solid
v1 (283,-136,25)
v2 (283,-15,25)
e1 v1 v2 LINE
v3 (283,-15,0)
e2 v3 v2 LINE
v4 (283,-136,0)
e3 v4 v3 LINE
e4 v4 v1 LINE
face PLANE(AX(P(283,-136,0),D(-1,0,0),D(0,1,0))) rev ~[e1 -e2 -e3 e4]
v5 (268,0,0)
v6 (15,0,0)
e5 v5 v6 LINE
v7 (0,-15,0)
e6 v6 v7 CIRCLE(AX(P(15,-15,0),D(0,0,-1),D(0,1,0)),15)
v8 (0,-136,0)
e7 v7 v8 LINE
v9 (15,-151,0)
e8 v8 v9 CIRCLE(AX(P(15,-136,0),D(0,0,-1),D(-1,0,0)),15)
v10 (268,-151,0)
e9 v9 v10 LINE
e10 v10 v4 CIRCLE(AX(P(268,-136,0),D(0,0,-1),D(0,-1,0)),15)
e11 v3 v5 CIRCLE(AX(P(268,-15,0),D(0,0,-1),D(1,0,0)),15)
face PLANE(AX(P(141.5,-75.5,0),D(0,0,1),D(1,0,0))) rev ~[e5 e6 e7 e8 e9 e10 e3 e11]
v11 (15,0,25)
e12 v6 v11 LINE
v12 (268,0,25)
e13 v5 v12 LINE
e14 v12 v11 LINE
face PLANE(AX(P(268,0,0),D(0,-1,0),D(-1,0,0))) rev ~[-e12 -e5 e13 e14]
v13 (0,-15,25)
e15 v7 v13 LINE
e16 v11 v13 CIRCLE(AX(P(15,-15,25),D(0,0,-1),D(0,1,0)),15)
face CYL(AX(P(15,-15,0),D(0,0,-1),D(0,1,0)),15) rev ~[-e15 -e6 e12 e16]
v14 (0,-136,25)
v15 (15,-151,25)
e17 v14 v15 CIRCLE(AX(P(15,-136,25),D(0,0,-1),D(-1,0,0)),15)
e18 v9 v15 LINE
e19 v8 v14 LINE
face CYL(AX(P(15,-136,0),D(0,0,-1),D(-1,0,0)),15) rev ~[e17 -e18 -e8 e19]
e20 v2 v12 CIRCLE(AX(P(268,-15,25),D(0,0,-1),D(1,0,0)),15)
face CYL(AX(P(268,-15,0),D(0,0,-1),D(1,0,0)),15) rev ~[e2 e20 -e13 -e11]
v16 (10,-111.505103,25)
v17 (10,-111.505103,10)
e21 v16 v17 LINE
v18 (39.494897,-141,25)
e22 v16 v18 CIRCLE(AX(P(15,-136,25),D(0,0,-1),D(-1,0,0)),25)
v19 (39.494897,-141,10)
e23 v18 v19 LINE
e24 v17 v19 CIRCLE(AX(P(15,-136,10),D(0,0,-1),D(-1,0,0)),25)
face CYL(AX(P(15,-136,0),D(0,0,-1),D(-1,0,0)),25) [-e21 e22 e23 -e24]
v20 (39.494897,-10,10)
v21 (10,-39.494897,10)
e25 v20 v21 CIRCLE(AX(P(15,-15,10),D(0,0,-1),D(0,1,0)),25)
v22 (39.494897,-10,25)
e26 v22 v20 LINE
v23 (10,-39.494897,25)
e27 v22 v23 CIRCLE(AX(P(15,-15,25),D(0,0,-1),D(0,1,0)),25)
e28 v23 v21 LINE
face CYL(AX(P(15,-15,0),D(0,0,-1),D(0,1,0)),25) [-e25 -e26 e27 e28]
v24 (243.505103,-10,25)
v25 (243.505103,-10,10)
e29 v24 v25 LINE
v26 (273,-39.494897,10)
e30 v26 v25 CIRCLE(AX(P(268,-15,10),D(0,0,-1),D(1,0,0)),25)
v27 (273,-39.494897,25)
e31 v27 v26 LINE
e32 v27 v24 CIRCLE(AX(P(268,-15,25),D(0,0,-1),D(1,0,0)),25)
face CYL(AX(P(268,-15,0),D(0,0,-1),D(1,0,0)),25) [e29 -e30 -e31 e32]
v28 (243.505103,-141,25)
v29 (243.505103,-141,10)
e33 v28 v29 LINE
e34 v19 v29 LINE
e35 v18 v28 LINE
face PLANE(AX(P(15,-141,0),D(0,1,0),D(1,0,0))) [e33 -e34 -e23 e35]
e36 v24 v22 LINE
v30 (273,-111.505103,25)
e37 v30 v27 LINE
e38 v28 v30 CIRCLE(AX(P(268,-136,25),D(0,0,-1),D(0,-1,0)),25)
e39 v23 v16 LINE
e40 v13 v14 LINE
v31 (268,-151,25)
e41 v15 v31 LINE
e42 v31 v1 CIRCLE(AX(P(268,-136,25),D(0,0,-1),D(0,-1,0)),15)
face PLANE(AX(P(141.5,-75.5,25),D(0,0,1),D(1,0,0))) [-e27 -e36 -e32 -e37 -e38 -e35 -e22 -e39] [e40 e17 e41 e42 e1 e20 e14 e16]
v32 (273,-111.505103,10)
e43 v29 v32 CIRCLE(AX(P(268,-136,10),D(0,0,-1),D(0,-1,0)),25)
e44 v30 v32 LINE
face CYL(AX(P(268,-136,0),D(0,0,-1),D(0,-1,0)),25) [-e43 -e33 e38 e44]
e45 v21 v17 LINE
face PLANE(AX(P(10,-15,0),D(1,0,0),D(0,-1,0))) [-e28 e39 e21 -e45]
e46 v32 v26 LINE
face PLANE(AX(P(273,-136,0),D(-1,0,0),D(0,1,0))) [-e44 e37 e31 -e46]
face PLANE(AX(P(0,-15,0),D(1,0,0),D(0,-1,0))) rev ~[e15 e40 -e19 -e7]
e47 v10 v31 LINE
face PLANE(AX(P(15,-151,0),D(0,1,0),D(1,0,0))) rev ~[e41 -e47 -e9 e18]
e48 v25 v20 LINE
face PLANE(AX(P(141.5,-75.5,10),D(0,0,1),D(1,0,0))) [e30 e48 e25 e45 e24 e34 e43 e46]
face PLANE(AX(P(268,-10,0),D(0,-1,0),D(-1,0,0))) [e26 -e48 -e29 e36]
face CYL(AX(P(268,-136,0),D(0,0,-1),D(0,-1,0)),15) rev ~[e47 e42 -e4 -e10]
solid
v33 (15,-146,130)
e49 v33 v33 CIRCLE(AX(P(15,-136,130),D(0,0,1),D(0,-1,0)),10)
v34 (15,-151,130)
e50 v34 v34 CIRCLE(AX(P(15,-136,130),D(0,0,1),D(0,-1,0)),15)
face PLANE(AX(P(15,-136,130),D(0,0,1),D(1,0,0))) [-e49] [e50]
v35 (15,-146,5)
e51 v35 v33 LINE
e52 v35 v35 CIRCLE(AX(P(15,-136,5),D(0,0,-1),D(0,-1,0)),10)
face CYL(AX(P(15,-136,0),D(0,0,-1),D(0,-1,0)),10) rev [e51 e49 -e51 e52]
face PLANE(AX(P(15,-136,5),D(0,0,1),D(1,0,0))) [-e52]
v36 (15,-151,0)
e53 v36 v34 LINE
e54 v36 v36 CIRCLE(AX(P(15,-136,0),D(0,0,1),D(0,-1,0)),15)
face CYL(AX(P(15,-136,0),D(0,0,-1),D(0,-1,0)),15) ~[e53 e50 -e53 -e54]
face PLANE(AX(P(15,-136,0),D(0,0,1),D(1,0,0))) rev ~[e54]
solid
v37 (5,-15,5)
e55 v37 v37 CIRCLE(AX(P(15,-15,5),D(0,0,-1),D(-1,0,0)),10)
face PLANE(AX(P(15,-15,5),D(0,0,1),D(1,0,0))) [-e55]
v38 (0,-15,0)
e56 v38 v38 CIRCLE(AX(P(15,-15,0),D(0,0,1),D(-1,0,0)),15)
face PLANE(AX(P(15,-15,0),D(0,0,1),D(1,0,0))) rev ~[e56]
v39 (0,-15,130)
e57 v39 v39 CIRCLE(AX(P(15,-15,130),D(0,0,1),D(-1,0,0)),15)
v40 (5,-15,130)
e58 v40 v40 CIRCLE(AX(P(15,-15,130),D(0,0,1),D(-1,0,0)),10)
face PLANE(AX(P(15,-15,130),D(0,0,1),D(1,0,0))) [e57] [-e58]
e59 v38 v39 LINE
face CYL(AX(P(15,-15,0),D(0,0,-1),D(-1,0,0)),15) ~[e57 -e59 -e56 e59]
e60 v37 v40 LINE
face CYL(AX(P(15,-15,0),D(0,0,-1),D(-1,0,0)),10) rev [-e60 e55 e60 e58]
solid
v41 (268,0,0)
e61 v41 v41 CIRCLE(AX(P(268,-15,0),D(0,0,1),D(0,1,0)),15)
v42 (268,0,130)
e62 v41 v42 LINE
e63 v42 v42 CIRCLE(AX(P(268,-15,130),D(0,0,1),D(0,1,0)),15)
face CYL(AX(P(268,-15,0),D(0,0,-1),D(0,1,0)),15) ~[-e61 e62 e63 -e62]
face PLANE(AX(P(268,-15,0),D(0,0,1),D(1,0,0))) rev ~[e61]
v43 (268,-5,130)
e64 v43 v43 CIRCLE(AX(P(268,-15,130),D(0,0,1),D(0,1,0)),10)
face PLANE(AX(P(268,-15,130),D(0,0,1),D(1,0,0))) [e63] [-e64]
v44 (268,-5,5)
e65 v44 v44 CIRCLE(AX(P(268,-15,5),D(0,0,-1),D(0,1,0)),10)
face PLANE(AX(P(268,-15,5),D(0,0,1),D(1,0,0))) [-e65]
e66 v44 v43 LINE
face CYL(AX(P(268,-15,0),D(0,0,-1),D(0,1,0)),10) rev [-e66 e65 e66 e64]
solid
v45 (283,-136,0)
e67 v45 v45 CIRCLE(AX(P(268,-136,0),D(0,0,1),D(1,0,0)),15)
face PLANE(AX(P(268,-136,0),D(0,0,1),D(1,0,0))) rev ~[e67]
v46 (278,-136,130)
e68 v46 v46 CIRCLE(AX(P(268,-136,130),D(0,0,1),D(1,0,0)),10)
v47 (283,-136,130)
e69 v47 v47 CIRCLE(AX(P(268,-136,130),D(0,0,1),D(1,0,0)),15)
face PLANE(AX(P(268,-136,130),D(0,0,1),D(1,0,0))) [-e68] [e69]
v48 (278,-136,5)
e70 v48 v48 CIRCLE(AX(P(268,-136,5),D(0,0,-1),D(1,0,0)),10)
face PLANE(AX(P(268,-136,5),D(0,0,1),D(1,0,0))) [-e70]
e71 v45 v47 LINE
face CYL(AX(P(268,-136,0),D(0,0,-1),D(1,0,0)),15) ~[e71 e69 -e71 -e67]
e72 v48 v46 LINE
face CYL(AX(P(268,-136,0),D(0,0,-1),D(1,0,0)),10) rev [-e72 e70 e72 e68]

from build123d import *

# Parameters (mm, degrees)
F1_DEPTH = 25
F2_DEPTH = 130
F3_T     = -10
F4_T     = -5
F4_2_T   = -5
F4_3_T   = -5
F4_4_T   = -5


with BuildPart() as f1:
    # F0 (on Top) → F1 (new body)
    with BuildSketch(Plane.XY):
        with BuildLine():
            Line((268, 0), (15, 0))
            ThreePointArc((15, 0), (25.6066017178, -4.3933982822), (30, -15))
            ThreePointArc((30, -15), (15, -30), (0, -15))
            Line((0, -15), (0, -136))
            ThreePointArc((0, -136), (15, -121), (30, -136))
            ThreePointArc((30, -136), (25.6066017178, -146.6066017178), (15, -151))
            Line((15, -151), (268, -151))
            ThreePointArc((268, -151), (257.3933982822, -125.3933982822), (283, -136))
            Line((283, -136), (283, -15))
            ThreePointArc((283, -15), (257.3933982822, -25.6066017178), (268, 0))
        make_face()
    extrude(amount=F1_DEPTH)

    # F3
    f3_openings = [f1.faces().sort_by_distance(p)[0] for p in [
        (141.5, -75.5, 25),
    ]]
    offset(amount=F3_T, openings=f3_openings)


with BuildPart() as f2:
    # F0 (on Top) → F2 (new body)
    with BuildSketch(Plane.XY):
        with BuildLine():
            ThreePointArc((30, -15), (25.6066017178, -4.3933982822), (15, 0))
            ThreePointArc((15, 0), (4.3933982822, -4.3933982822), (0, -15))
            ThreePointArc((0, -15), (15, -30), (30, -15))
        make_face()
    extrude(amount=F2_DEPTH)

    # F4
    f4_openings = [f2.faces().sort_by_distance(p)[0] for p in [
        (15, -15, 130),
    ]]
    offset(amount=F4_T, openings=f4_openings)


with BuildPart() as f2b:
    # F0 (on Top) → F2, piece 2 (new body)
    with BuildSketch(Plane.XY):
        with BuildLine():
            ThreePointArc((30, -136), (15, -121), (0, -136))
            ThreePointArc((0, -136), (4.3933982822, -146.6066017178), (15, -151))
            ThreePointArc((15, -151), (25.6066017178, -146.6066017178), (30, -136))
        make_face()
    extrude(amount=F2_DEPTH)

    # F4#2
    f4_2_openings = [f2b.faces().sort_by_distance(p)[0] for p in [
        (15, -136, 130),
    ]]
    offset(amount=F4_2_T, openings=f4_2_openings)


with BuildPart() as f2c:
    # F0 (on Top) → F2, piece 3 (new body)
    with BuildSketch(Plane.XY):
        with BuildLine():
            ThreePointArc((268, -151), (278.6066017178, -146.6066017178), (283, -136))
            ThreePointArc((283, -136), (257.3933982822, -125.3933982822), (268, -151))
        make_face()
    extrude(amount=F2_DEPTH)

    # F4#3
    f4_3_openings = [f2c.faces().sort_by_distance(p)[0] for p in [
        (268, -136, 130),
    ]]
    offset(amount=F4_3_T, openings=f4_3_openings)


with BuildPart() as f2d:
    # F0 (on Top) → F2, piece 4 (new body)
    with BuildSketch(Plane.XY):
        with BuildLine():
            ThreePointArc((283, -15), (278.6066017178, -4.3933982822), (268, 0))
            ThreePointArc((268, 0), (257.3933982822, -25.6066017178), (283, -15))
        make_face()
    extrude(amount=F2_DEPTH)

    # F4#4
    f4_4_openings = [f2d.faces().sort_by_distance(p)[0] for p in [
        (268, -15, 130),
    ]]
    offset(amount=F4_4_T, openings=f4_4_openings)


solid = Compound([f1.part, f2.part, f2b.part, f2c.part, f2d.part])
